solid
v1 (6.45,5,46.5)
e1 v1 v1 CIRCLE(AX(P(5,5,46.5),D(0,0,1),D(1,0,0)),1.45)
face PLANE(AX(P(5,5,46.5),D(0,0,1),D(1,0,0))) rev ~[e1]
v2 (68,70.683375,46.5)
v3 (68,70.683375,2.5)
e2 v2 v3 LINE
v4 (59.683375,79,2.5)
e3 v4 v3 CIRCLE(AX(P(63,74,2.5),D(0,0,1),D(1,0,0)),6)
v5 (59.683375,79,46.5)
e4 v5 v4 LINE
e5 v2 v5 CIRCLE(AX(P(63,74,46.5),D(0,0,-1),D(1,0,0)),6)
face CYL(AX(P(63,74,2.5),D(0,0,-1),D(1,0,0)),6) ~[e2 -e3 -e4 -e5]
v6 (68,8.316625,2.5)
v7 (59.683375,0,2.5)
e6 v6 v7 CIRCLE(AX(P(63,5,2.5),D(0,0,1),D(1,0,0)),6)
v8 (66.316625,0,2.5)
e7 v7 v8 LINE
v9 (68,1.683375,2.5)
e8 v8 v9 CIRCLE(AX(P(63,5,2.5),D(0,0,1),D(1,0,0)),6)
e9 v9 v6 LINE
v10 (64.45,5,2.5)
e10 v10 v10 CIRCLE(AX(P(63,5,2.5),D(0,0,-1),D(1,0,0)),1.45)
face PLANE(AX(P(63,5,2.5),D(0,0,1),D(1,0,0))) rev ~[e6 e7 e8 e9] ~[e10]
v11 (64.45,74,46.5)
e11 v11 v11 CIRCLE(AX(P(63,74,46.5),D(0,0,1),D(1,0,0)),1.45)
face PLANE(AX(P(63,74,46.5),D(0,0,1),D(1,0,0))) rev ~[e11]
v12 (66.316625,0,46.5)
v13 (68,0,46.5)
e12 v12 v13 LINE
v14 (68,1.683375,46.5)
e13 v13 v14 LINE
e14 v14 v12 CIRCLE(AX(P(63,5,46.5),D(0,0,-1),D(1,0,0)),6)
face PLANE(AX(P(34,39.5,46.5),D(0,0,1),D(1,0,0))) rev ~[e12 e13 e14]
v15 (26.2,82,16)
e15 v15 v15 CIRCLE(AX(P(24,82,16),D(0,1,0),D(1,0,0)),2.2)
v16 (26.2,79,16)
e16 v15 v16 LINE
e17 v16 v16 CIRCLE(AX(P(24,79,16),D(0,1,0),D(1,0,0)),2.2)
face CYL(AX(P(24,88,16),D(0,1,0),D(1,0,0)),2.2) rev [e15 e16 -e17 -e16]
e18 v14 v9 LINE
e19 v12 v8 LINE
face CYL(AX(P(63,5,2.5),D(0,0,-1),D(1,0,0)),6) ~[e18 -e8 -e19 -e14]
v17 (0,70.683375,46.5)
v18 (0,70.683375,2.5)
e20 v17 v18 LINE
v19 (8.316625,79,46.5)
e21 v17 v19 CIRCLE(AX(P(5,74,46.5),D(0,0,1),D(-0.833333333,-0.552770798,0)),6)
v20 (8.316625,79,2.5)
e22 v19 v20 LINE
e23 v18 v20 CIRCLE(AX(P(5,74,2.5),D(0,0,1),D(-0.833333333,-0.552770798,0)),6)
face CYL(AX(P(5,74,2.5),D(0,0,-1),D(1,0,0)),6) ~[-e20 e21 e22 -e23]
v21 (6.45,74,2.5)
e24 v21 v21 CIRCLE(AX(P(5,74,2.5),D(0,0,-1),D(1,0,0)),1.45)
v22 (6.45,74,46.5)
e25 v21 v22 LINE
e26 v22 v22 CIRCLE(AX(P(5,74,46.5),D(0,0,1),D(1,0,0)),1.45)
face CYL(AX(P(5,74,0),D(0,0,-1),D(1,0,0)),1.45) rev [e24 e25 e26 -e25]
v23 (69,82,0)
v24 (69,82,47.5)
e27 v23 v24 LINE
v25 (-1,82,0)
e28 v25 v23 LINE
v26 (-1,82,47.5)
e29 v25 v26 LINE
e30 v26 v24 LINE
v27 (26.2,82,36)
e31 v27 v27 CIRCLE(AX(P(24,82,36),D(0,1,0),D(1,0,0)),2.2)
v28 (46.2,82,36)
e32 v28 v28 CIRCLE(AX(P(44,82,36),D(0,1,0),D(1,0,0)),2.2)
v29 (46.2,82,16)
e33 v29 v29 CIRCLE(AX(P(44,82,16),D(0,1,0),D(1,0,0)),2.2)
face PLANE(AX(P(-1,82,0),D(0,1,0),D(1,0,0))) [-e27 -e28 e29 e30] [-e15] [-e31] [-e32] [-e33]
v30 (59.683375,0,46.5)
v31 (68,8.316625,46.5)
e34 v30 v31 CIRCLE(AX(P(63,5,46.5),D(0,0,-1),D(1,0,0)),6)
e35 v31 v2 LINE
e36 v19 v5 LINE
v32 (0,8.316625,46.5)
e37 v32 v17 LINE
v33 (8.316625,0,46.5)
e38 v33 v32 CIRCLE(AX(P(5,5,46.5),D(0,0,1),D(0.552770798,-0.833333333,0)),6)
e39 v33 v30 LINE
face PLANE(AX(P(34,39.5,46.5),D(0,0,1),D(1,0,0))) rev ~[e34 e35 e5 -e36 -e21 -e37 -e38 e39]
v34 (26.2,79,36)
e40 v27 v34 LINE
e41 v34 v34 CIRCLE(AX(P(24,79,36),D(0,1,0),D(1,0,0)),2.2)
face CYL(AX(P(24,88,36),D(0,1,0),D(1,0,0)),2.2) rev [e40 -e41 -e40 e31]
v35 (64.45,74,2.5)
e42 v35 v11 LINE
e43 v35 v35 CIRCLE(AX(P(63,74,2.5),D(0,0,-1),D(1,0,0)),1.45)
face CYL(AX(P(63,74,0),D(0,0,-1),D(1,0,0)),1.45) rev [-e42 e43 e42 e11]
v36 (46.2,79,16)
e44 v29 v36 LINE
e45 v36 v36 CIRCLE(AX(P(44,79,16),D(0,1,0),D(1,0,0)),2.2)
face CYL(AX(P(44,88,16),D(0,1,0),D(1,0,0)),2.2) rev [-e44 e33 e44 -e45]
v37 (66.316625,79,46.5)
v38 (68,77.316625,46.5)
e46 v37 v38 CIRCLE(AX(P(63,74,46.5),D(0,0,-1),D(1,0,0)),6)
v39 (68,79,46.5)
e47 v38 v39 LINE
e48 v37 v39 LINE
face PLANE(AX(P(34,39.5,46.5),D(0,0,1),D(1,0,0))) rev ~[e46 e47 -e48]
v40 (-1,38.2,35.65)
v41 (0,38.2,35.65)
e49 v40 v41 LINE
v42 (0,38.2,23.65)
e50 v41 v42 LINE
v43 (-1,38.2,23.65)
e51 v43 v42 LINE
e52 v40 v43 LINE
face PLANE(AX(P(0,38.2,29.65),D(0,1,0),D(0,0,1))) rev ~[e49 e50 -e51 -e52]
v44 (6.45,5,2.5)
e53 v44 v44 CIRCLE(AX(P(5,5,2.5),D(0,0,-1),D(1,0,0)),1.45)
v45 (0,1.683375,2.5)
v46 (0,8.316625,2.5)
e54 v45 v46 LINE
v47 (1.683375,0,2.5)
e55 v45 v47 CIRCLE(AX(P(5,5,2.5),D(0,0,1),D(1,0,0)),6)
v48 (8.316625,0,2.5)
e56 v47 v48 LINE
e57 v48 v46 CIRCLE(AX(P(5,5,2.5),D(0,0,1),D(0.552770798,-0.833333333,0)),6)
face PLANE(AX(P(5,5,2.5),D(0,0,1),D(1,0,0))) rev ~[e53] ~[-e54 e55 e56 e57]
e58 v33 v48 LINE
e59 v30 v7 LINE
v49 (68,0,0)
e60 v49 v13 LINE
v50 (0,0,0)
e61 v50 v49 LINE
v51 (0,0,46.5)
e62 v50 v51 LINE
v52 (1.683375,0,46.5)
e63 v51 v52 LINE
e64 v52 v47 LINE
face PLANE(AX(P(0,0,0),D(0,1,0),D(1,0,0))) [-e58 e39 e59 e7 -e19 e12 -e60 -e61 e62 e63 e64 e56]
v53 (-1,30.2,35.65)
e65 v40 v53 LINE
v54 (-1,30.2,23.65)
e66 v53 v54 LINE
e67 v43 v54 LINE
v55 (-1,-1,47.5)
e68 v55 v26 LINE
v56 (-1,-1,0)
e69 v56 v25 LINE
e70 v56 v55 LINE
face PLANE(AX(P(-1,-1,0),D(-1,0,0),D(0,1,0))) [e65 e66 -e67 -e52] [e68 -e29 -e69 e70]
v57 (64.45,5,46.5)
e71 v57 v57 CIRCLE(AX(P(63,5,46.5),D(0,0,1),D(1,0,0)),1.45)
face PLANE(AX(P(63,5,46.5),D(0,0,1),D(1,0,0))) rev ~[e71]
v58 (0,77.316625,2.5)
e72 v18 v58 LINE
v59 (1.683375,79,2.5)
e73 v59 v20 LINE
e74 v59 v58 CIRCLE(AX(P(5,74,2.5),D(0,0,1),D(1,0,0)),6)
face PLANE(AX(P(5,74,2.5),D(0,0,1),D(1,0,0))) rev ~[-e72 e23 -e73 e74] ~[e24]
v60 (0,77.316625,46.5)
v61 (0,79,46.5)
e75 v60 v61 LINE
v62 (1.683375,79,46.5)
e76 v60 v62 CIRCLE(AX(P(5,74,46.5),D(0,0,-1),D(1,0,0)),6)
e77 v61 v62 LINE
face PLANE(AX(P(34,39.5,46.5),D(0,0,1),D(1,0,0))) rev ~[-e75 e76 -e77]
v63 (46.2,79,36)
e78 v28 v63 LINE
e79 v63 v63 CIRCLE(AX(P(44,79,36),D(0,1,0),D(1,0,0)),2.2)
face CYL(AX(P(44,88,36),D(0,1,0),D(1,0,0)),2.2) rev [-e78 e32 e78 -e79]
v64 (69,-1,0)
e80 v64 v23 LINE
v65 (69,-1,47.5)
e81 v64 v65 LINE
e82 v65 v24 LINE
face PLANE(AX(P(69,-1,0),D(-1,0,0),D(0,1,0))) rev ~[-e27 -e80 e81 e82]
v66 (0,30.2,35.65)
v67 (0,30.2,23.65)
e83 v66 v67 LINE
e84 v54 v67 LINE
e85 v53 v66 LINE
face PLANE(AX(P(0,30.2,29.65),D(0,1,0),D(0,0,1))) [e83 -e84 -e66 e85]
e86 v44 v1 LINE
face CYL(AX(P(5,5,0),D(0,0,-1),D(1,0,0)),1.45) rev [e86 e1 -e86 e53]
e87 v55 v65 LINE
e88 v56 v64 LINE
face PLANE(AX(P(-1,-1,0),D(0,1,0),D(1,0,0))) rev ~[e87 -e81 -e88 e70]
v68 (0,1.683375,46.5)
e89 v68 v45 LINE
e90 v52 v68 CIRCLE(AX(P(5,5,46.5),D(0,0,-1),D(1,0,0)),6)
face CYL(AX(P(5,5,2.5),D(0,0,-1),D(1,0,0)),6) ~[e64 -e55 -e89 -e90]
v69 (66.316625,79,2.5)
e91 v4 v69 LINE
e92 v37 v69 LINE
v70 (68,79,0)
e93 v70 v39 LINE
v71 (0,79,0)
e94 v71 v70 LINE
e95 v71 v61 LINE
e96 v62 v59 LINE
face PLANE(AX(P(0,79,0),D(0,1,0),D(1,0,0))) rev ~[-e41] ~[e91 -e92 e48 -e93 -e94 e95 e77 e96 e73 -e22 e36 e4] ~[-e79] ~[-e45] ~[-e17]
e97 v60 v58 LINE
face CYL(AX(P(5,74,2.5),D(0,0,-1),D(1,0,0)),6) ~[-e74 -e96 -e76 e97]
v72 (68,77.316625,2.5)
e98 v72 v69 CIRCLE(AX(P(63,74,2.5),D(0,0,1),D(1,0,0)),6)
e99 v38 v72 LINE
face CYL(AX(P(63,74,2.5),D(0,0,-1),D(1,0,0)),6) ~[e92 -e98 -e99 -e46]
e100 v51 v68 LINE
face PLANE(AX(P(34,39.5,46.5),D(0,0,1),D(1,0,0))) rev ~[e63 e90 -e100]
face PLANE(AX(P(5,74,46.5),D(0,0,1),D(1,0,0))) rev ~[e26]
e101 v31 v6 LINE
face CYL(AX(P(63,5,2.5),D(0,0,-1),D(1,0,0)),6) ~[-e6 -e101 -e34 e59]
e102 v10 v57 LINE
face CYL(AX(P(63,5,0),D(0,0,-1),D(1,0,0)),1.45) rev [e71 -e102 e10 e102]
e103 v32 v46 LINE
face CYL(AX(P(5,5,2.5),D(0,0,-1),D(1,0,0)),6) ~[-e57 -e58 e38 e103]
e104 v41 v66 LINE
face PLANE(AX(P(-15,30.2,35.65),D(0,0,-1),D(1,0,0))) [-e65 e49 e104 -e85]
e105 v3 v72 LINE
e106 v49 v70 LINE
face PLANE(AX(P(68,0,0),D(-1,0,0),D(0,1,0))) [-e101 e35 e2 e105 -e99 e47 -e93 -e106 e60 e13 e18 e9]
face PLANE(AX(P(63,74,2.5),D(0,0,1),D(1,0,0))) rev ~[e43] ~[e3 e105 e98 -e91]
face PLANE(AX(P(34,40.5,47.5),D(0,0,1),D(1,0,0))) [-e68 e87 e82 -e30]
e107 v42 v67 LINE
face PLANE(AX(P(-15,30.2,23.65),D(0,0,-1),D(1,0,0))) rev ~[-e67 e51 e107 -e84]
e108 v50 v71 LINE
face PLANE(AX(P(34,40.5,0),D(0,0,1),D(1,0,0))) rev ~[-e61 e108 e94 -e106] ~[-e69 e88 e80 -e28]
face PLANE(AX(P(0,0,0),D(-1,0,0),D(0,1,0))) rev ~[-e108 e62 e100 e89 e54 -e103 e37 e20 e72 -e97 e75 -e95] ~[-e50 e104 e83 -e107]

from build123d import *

# Parameters (mm, degrees)
CYLINDER006_R            = 1.45
CYLINDER006_DEPTH        = 46.5
ARRAY003_X_COUNT         = 2
ARRAY003_X_PITCH         = 58
ARRAY003_Y_COUNT         = 2
ARRAY003_Y_PITCH         = 69
CYLINDER005_R            = 6
CYLINDER005_DEPTH        = 44.5
ARRAY002_X_COUNT         = 2
ARRAY002_X_PITCH         = 58
ARRAY002_Y_COUNT         = 2
ARRAY002_Y_PITCH         = 69
CYLINDER004_R            = 2.2
CYLINDER004_DEPTH        = 10
ARRAY001_X_COUNT         = 2
ARRAY001_X_PITCH         = 20
ARRAY001_Y_COUNT         = 2
ARRAY001_Y_PITCH         = 20
ARRAY001_PLACEMENT_ANGLE = 90
BOX020_W                 = 12
BOX020_H                 = 30
BOX020_DEPTH             = 8
BOX006_W                 = 68
BOX006_H                 = 79
BOX006_DEPTH             = 46.5
BOX005_W                 = 70
BOX005_H                 = 83
BOX005_DEPTH             = 47.5


with BuildPart() as screw_hole_array:
    # Cylinder006 → Cylinder006 (new body)
    with BuildSketch(Plane(origin=(5, 5, 0), x_dir=(1, 0, 0), z_dir=(0, 0, 1))):
        Circle(CYLINDER006_R)
    extrude(amount=CYLINDER006_DEPTH)

    # Array003 X: screw hole array ×2


with BuildPart() as screw_hole_array_1:
    add(screw_hole_array.part)
    with Locations(*[(i * ARRAY003_X_PITCH, 0, 0) for i in range(1, ARRAY003_X_COUNT)]):
        add(screw_hole_array.part)

    # Array003 Y: screw hole array ×2


with BuildPart() as screw_hole_array_2:
    add(screw_hole_array_1.part)
    with Locations(*[(0, i * ARRAY003_Y_PITCH, 0) for i in range(1, ARRAY003_Y_COUNT)]):
        add(screw_hole_array_1.part)


with BuildPart() as bolt_stand_fusion:
    # Cylinder005 → Cylinder005 (new body)
    with BuildSketch(Plane(origin=(5, 5, 2.5), x_dir=(1, 0, 0), z_dir=(0, 0, 1))):
        Circle(CYLINDER005_R)
    extrude(amount=CYLINDER005_DEPTH)

    # Array002 X: bolt stand fusion ×2


with BuildPart() as bolt_stand_fusion_1:
    add(bolt_stand_fusion.part)
    with Locations(*[(i * ARRAY002_X_PITCH, 0, 0) for i in range(1, ARRAY002_X_COUNT)]):
        add(bolt_stand_fusion.part)

    # Array002 Y: bolt stand fusion ×2


with BuildPart() as bolt_stand_fusion_2:
    add(bolt_stand_fusion_1.part)
    with Locations(*[(0, i * ARRAY002_Y_PITCH, 0) for i in range(1, ARRAY002_Y_COUNT)]):
        add(bolt_stand_fusion_1.part)

    # Cut001004: cut screw hole array
    add(screw_hole_array_2.part, mode=Mode.SUBTRACT)


with BuildPart() as top_insert_hole_array:
    # Cylinder004 → Cylinder004 (new body)
    with BuildSketch(Plane.XY):
        Circle(CYLINDER004_R)
    extrude(amount=CYLINDER004_DEPTH)

    # Array001 X: top insert hole array ×2


with BuildPart() as top_insert_hole_array_1:
    add(top_insert_hole_array.part)
    with Locations(*[(i * ARRAY001_X_PITCH, 0, 0) for i in range(1, ARRAY001_X_COUNT)]):
        add(top_insert_hole_array.part)

    # Array001 Y: top insert hole array ×2


with BuildPart() as top_insert_hole_array_2:
    add(top_insert_hole_array_1.part)
    with Locations(*[(0, i * ARRAY001_Y_PITCH, 0) for i in range(1, ARRAY001_Y_COUNT)]):
        add(top_insert_hole_array_1.part)


with BuildPart() as top_insert_hole_array_3:
    # Array001 placement: moved
    add(top_insert_hole_array_2.part.moved(Location((24, 88, 16))).rotate(Axis((24, 88, 16), (1, 0, 0)), ARRAY001_PLACEMENT_ANGLE))


with BuildPart() as micro_usb_hole:
    # Box020 → Box020 (new body)
    with BuildSketch(Plane(origin=(-15, 30.2, 23.65), x_dir=(0, 0, 1), z_dir=(0, 1, 0))):
        with Locations((6, 15)):
            Rectangle(BOX020_W, BOX020_H)
    extrude(amount=BOX020_DEPTH)


with BuildPart() as back_box_extract_fusion:
    # Box006 → Box006 (new body)
    with BuildSketch(Plane.XY):
        with Locations((34, 39.5)):
            Rectangle(BOX006_W, BOX006_H)
    extrude(amount=BOX006_DEPTH)

    # Fusion006: union top insert hole array, micro usb hole
    add(top_insert_hole_array_3.part)
    add(micro_usb_hole.part)


with BuildPart() as back_box_fusion:
    # Box005 → Box005 (new body)
    with BuildSketch(Plane(origin=(-1, -1, 0), x_dir=(1, 0, 0), z_dir=(0, 0, 1))):
        with Locations((35, 41.5)):
            Rectangle(BOX005_W, BOX005_H)
    extrude(amount=BOX005_DEPTH)

    # Cut001003: cut back box extract fusion
    add(back_box_extract_fusion.part, mode=Mode.SUBTRACT)

    # Fusion007: union bolt stand fusion
    add(bolt_stand_fusion_2.part)


solid = back_box_fusion.part
